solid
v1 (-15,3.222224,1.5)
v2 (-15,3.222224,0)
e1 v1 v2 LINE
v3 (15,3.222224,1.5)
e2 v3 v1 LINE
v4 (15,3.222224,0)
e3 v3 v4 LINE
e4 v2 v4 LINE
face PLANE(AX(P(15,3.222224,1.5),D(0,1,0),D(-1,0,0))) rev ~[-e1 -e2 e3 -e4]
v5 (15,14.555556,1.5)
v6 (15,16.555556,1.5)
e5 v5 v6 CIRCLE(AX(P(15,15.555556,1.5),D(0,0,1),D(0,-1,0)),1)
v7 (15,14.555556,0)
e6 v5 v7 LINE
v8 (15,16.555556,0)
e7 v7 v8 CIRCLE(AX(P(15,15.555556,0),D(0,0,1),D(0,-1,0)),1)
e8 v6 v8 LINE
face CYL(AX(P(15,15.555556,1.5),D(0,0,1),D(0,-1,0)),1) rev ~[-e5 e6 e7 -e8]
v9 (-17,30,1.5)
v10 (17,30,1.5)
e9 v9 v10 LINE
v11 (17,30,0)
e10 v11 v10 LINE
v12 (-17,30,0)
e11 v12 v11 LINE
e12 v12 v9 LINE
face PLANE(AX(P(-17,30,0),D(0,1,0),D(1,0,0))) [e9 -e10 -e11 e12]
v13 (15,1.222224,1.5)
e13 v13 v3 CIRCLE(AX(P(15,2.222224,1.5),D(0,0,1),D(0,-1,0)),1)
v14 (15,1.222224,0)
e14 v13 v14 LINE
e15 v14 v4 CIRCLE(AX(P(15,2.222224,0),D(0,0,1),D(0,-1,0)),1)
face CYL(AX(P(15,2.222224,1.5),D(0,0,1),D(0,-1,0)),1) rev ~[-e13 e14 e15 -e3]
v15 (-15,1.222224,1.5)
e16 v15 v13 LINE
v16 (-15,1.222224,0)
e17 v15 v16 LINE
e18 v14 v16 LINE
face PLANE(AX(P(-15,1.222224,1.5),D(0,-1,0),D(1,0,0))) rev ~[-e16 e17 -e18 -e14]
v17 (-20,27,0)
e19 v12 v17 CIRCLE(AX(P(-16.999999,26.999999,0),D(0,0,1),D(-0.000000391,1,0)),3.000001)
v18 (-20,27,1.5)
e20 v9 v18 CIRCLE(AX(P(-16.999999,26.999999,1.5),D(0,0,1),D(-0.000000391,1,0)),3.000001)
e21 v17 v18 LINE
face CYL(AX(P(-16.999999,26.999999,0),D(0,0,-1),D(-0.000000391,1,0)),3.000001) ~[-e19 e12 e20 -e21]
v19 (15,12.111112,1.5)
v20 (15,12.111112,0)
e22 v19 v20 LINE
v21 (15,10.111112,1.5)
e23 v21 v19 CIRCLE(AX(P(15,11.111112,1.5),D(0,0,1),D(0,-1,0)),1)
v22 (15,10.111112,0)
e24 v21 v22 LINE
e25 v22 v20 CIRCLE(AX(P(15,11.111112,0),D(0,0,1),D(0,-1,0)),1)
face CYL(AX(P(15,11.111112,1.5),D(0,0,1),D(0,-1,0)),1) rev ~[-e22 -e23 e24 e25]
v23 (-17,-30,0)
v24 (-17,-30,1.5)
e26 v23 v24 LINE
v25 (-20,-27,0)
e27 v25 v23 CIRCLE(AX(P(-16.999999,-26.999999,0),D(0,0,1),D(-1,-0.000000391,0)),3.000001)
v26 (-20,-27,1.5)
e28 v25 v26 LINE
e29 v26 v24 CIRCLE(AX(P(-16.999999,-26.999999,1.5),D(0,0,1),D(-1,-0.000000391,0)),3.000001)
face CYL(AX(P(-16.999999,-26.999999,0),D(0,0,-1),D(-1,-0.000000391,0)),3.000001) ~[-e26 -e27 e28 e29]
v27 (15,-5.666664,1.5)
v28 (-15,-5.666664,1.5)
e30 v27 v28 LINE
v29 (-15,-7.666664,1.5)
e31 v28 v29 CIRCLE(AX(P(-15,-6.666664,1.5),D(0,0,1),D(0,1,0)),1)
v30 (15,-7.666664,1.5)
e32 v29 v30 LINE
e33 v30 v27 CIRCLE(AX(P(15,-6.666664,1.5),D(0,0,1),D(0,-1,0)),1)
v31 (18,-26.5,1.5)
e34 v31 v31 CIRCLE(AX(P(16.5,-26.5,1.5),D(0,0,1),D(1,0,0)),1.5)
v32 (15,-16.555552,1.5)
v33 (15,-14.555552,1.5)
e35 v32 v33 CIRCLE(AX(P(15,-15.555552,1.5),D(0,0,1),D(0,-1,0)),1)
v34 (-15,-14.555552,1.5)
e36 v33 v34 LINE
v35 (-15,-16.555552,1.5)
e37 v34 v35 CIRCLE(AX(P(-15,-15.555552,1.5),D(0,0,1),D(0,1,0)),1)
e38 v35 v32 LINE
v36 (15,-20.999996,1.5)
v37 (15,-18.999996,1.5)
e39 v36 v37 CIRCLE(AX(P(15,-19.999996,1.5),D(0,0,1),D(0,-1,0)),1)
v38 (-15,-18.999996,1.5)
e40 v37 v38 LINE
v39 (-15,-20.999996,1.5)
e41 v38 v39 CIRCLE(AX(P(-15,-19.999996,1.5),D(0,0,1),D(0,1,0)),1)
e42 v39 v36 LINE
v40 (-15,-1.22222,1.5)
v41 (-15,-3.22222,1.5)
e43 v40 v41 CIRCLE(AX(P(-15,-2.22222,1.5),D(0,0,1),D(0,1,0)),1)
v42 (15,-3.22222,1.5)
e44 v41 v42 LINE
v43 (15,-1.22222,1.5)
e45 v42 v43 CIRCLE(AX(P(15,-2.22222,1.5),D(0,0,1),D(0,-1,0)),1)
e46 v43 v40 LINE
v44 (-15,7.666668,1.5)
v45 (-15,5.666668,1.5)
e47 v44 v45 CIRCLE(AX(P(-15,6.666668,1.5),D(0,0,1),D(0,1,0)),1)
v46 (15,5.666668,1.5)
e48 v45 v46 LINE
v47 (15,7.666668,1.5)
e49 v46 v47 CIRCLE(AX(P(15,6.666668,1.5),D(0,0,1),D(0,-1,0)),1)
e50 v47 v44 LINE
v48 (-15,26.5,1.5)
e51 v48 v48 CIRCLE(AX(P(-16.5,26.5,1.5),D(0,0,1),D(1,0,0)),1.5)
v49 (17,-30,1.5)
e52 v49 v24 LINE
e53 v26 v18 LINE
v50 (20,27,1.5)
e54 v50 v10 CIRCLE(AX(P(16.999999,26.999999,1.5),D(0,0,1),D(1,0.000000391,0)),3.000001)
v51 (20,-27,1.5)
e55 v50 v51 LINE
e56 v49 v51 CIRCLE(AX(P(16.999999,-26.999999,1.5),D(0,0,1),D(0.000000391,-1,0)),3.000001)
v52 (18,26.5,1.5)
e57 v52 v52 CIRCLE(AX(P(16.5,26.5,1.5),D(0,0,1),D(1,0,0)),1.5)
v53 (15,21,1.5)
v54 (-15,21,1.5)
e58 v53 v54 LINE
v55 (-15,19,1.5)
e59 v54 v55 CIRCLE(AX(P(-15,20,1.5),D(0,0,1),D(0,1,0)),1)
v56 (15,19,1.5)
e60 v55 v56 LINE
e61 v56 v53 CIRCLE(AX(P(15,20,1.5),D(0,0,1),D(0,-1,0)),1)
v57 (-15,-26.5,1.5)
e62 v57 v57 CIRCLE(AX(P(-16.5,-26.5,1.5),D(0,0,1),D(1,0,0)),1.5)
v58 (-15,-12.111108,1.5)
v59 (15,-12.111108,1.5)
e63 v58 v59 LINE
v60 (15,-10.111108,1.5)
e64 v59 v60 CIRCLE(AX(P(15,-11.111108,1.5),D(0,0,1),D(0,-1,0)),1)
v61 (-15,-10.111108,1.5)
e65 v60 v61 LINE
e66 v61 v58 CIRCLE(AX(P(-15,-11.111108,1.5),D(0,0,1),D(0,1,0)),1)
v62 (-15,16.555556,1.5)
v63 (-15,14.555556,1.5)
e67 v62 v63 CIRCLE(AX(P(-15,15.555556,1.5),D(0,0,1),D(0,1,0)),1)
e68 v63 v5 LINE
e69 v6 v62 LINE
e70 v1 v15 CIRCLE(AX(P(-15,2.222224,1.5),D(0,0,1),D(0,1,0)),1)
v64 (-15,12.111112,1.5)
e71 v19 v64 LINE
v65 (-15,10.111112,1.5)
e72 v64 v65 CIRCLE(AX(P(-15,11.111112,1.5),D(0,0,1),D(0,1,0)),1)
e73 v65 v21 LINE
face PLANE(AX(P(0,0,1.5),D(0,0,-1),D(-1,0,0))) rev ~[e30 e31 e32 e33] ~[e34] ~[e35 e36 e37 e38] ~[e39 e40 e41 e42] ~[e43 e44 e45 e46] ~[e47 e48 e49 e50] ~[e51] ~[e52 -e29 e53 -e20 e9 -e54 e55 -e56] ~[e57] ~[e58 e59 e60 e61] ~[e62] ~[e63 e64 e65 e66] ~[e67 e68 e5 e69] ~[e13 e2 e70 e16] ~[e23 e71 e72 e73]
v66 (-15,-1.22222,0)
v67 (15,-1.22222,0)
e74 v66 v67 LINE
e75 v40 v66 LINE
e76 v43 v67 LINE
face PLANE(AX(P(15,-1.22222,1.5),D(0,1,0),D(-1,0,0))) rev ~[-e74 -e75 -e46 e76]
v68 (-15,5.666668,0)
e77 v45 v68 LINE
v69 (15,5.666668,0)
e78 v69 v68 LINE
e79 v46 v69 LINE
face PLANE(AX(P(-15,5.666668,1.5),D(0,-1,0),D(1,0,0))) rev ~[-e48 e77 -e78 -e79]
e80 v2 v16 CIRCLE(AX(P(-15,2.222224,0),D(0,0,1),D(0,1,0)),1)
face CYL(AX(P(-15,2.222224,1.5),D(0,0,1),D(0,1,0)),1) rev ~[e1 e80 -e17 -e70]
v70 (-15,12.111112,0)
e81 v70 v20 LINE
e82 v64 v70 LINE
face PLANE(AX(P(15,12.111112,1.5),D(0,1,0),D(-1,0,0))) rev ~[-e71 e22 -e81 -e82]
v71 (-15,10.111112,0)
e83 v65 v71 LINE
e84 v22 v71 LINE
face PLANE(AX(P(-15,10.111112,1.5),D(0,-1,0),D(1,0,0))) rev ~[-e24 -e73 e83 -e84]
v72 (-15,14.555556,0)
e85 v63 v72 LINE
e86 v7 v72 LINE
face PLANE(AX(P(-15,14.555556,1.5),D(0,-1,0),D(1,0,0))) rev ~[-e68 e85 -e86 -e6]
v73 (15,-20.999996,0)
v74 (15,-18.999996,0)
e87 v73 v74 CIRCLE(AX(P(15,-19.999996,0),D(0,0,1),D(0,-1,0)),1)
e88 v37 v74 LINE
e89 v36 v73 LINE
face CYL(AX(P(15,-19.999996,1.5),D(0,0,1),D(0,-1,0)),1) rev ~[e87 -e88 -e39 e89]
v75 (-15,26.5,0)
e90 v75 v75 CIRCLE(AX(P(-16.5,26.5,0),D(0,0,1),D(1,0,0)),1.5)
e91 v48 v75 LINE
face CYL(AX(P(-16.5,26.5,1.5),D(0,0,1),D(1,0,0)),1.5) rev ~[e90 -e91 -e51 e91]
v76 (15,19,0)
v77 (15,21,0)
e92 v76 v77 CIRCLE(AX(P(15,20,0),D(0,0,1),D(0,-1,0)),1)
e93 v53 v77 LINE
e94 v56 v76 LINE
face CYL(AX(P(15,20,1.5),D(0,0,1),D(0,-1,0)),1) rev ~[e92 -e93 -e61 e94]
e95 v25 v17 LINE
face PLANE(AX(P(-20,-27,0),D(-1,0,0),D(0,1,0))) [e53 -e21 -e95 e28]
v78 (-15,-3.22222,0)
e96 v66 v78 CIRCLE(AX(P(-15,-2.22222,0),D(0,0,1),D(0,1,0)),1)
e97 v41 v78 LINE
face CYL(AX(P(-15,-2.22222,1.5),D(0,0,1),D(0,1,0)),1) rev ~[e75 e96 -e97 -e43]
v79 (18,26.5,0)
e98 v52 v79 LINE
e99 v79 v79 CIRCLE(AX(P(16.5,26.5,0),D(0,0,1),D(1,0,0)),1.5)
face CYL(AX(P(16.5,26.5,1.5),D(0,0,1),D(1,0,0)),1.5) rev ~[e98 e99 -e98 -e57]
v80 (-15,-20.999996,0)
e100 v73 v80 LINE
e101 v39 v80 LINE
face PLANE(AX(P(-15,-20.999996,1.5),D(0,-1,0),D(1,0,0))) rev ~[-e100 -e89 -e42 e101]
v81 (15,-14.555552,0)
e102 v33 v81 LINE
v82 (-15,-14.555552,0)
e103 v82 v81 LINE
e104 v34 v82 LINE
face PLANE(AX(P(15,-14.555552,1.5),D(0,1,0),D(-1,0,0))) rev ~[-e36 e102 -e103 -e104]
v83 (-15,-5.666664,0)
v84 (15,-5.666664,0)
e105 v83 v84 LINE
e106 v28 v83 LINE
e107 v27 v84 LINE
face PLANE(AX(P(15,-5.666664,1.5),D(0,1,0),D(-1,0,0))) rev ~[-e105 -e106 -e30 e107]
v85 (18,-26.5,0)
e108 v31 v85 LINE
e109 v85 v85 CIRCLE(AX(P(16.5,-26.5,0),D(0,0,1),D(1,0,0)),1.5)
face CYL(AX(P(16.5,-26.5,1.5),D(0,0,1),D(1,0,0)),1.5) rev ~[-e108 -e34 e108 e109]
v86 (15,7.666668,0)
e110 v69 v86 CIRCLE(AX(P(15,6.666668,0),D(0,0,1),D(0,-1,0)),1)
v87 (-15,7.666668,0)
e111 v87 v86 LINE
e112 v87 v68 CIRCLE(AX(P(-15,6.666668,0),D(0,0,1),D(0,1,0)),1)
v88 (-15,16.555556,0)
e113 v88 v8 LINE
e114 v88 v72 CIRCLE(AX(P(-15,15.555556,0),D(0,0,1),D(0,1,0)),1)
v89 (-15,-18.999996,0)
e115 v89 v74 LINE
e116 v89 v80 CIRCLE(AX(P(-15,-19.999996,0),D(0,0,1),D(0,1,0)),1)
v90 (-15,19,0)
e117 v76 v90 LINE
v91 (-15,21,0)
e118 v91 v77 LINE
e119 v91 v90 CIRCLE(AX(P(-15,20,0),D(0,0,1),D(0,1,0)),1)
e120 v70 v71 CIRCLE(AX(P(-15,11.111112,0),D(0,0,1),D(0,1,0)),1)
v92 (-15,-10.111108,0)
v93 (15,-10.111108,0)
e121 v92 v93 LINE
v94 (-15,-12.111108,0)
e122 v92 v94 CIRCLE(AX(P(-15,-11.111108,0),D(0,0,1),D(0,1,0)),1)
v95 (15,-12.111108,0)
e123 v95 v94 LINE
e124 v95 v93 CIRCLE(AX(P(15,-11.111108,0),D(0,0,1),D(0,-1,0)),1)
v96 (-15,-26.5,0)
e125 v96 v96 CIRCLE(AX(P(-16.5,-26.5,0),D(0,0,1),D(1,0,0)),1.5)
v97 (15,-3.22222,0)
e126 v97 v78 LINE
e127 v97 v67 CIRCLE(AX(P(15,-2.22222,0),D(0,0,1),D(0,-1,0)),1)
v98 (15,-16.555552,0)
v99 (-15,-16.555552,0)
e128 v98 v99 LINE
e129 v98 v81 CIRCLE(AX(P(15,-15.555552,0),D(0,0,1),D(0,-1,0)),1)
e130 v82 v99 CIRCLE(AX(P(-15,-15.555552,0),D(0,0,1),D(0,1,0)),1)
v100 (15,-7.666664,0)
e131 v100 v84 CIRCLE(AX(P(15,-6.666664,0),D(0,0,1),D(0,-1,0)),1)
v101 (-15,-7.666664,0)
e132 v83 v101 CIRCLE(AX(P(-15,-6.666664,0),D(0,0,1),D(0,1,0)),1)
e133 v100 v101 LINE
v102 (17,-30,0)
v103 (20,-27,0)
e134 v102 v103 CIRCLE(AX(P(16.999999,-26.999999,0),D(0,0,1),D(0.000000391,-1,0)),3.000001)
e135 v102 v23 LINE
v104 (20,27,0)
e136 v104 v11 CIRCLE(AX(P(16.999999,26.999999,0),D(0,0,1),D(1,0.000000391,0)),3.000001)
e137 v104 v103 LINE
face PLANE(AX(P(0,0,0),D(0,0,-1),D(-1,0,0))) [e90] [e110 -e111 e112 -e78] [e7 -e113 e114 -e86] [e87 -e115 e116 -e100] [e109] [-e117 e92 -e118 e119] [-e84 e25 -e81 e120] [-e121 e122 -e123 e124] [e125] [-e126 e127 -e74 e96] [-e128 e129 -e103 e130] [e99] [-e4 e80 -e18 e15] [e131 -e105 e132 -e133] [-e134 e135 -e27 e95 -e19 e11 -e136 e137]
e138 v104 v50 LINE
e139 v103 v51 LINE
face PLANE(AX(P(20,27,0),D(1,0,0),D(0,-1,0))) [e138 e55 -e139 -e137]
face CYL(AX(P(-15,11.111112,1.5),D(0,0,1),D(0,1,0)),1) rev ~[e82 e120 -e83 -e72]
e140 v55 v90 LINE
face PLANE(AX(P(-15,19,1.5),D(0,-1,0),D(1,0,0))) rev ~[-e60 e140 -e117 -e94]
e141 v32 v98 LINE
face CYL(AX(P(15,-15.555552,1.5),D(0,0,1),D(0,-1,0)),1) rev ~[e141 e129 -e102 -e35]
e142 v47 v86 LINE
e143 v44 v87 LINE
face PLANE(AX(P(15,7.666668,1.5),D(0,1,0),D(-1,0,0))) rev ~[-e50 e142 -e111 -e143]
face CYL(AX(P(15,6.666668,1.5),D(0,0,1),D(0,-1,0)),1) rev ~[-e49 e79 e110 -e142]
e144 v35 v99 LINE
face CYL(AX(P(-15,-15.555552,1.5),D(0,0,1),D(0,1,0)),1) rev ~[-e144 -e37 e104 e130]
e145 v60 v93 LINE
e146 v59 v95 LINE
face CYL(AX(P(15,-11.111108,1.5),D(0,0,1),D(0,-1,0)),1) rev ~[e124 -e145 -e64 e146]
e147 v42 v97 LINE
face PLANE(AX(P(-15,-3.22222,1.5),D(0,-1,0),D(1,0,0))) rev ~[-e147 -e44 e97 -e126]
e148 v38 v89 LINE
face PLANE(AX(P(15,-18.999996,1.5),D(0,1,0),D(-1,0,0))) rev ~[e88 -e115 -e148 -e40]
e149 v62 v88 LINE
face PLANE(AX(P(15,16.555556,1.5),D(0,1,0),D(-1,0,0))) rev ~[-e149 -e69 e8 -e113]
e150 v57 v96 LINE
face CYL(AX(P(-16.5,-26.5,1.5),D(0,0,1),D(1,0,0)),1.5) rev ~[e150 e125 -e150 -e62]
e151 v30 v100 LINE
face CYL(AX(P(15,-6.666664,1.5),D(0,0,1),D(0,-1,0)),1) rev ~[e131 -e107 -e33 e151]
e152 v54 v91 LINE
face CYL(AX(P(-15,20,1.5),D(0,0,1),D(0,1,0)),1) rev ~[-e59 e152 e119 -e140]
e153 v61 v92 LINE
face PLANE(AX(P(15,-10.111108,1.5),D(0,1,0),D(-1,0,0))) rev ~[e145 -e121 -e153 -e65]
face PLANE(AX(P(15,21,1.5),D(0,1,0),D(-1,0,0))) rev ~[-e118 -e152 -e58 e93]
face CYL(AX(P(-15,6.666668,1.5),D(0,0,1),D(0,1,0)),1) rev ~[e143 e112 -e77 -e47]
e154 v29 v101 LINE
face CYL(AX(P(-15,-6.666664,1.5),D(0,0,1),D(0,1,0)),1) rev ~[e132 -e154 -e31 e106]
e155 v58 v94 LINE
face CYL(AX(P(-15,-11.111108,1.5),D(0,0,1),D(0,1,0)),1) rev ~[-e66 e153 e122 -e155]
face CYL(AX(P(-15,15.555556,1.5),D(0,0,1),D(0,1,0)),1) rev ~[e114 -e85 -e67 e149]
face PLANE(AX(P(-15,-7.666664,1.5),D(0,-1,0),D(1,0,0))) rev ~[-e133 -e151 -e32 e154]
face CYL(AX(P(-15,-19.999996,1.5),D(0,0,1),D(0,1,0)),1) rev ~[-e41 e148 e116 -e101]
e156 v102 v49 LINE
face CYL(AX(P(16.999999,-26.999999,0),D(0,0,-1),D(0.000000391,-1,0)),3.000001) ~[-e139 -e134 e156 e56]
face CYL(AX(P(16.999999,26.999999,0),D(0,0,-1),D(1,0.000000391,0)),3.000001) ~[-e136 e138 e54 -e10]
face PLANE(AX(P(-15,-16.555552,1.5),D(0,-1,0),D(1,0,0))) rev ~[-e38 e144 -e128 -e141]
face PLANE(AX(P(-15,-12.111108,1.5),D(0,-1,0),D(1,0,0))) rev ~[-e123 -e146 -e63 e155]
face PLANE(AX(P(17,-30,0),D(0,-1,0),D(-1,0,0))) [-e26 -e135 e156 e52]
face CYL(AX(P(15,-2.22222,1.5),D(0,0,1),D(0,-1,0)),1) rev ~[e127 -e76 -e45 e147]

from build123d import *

# Parameters (mm, degrees)
PAD_DEPTH           = 1.5
POCKET_DEPTH        = 5
LINEARPATTERN_COUNT = 10
LINEARPATTERN_PITCH = 4.444444
SKETCH002_R         = 1.5
POCKET001_DEPTH     = 5


with BuildPart() as part:
    # Sketch → Pad (new body)
    with BuildSketch(Plane.XY):
        with BuildLine():
            Line((-17, 30), (17, 30))
            ThreePointArc((20, 27), (19.12132, 29.12132), (17, 30))
            Line((20, 27), (20, -27))
            ThreePointArc((17, -30), (19.12132, -29.12132), (20, -27))
            Line((17, -30), (-17, -30))
            ThreePointArc((-20, -27), (-19.12132, -29.12132), (-17, -30))
            Line((-20, -27), (-20, 27))
            ThreePointArc((-17, 30), (-19.12132, 29.12132), (-20, 27))
        make_face()
    extrude(amount=PAD_DEPTH)

    # Sketch001 (on Face10 of Pad) → Pocket (cut)
    with BuildSketch(Plane.XY.offset(1.5)):
        with BuildLine():
            ThreePointArc((-15, 21), (-16, 20), (-15, 19))
            Line((-15, 19), (15, 19))
            ThreePointArc((15, 19), (16, 20), (15, 21))
            Line((15, 21), (-15, 21))
        make_face()
    pocket = extrude(amount=-POCKET_DEPTH, mode=Mode.SUBTRACT)

    # LinearPattern: Pocket ×10
    with Locations(*[(0, -i * LINEARPATTERN_PITCH, 0) for i in range(1, LINEARPATTERN_COUNT)]):
        add(pocket, mode=Mode.SUBTRACT)

    # Sketch002 (on Face5 of LinearPattern) → Pocket001 (cut)
    with BuildSketch(Plane.XY.offset(1.5)):
        with Locations((-16.5, 26.5)):
            Circle(SKETCH002_R)
        with Locations((16.5, 26.5)):
            Circle(SKETCH002_R)
        with Locations((16.5, -26.5)):
            Circle(SKETCH002_R)
        with Locations((-16.5, -26.5)):
            Circle(SKETCH002_R)
    extrude(amount=-POCKET001_DEPTH, mode=Mode.SUBTRACT)


solid = part.part
